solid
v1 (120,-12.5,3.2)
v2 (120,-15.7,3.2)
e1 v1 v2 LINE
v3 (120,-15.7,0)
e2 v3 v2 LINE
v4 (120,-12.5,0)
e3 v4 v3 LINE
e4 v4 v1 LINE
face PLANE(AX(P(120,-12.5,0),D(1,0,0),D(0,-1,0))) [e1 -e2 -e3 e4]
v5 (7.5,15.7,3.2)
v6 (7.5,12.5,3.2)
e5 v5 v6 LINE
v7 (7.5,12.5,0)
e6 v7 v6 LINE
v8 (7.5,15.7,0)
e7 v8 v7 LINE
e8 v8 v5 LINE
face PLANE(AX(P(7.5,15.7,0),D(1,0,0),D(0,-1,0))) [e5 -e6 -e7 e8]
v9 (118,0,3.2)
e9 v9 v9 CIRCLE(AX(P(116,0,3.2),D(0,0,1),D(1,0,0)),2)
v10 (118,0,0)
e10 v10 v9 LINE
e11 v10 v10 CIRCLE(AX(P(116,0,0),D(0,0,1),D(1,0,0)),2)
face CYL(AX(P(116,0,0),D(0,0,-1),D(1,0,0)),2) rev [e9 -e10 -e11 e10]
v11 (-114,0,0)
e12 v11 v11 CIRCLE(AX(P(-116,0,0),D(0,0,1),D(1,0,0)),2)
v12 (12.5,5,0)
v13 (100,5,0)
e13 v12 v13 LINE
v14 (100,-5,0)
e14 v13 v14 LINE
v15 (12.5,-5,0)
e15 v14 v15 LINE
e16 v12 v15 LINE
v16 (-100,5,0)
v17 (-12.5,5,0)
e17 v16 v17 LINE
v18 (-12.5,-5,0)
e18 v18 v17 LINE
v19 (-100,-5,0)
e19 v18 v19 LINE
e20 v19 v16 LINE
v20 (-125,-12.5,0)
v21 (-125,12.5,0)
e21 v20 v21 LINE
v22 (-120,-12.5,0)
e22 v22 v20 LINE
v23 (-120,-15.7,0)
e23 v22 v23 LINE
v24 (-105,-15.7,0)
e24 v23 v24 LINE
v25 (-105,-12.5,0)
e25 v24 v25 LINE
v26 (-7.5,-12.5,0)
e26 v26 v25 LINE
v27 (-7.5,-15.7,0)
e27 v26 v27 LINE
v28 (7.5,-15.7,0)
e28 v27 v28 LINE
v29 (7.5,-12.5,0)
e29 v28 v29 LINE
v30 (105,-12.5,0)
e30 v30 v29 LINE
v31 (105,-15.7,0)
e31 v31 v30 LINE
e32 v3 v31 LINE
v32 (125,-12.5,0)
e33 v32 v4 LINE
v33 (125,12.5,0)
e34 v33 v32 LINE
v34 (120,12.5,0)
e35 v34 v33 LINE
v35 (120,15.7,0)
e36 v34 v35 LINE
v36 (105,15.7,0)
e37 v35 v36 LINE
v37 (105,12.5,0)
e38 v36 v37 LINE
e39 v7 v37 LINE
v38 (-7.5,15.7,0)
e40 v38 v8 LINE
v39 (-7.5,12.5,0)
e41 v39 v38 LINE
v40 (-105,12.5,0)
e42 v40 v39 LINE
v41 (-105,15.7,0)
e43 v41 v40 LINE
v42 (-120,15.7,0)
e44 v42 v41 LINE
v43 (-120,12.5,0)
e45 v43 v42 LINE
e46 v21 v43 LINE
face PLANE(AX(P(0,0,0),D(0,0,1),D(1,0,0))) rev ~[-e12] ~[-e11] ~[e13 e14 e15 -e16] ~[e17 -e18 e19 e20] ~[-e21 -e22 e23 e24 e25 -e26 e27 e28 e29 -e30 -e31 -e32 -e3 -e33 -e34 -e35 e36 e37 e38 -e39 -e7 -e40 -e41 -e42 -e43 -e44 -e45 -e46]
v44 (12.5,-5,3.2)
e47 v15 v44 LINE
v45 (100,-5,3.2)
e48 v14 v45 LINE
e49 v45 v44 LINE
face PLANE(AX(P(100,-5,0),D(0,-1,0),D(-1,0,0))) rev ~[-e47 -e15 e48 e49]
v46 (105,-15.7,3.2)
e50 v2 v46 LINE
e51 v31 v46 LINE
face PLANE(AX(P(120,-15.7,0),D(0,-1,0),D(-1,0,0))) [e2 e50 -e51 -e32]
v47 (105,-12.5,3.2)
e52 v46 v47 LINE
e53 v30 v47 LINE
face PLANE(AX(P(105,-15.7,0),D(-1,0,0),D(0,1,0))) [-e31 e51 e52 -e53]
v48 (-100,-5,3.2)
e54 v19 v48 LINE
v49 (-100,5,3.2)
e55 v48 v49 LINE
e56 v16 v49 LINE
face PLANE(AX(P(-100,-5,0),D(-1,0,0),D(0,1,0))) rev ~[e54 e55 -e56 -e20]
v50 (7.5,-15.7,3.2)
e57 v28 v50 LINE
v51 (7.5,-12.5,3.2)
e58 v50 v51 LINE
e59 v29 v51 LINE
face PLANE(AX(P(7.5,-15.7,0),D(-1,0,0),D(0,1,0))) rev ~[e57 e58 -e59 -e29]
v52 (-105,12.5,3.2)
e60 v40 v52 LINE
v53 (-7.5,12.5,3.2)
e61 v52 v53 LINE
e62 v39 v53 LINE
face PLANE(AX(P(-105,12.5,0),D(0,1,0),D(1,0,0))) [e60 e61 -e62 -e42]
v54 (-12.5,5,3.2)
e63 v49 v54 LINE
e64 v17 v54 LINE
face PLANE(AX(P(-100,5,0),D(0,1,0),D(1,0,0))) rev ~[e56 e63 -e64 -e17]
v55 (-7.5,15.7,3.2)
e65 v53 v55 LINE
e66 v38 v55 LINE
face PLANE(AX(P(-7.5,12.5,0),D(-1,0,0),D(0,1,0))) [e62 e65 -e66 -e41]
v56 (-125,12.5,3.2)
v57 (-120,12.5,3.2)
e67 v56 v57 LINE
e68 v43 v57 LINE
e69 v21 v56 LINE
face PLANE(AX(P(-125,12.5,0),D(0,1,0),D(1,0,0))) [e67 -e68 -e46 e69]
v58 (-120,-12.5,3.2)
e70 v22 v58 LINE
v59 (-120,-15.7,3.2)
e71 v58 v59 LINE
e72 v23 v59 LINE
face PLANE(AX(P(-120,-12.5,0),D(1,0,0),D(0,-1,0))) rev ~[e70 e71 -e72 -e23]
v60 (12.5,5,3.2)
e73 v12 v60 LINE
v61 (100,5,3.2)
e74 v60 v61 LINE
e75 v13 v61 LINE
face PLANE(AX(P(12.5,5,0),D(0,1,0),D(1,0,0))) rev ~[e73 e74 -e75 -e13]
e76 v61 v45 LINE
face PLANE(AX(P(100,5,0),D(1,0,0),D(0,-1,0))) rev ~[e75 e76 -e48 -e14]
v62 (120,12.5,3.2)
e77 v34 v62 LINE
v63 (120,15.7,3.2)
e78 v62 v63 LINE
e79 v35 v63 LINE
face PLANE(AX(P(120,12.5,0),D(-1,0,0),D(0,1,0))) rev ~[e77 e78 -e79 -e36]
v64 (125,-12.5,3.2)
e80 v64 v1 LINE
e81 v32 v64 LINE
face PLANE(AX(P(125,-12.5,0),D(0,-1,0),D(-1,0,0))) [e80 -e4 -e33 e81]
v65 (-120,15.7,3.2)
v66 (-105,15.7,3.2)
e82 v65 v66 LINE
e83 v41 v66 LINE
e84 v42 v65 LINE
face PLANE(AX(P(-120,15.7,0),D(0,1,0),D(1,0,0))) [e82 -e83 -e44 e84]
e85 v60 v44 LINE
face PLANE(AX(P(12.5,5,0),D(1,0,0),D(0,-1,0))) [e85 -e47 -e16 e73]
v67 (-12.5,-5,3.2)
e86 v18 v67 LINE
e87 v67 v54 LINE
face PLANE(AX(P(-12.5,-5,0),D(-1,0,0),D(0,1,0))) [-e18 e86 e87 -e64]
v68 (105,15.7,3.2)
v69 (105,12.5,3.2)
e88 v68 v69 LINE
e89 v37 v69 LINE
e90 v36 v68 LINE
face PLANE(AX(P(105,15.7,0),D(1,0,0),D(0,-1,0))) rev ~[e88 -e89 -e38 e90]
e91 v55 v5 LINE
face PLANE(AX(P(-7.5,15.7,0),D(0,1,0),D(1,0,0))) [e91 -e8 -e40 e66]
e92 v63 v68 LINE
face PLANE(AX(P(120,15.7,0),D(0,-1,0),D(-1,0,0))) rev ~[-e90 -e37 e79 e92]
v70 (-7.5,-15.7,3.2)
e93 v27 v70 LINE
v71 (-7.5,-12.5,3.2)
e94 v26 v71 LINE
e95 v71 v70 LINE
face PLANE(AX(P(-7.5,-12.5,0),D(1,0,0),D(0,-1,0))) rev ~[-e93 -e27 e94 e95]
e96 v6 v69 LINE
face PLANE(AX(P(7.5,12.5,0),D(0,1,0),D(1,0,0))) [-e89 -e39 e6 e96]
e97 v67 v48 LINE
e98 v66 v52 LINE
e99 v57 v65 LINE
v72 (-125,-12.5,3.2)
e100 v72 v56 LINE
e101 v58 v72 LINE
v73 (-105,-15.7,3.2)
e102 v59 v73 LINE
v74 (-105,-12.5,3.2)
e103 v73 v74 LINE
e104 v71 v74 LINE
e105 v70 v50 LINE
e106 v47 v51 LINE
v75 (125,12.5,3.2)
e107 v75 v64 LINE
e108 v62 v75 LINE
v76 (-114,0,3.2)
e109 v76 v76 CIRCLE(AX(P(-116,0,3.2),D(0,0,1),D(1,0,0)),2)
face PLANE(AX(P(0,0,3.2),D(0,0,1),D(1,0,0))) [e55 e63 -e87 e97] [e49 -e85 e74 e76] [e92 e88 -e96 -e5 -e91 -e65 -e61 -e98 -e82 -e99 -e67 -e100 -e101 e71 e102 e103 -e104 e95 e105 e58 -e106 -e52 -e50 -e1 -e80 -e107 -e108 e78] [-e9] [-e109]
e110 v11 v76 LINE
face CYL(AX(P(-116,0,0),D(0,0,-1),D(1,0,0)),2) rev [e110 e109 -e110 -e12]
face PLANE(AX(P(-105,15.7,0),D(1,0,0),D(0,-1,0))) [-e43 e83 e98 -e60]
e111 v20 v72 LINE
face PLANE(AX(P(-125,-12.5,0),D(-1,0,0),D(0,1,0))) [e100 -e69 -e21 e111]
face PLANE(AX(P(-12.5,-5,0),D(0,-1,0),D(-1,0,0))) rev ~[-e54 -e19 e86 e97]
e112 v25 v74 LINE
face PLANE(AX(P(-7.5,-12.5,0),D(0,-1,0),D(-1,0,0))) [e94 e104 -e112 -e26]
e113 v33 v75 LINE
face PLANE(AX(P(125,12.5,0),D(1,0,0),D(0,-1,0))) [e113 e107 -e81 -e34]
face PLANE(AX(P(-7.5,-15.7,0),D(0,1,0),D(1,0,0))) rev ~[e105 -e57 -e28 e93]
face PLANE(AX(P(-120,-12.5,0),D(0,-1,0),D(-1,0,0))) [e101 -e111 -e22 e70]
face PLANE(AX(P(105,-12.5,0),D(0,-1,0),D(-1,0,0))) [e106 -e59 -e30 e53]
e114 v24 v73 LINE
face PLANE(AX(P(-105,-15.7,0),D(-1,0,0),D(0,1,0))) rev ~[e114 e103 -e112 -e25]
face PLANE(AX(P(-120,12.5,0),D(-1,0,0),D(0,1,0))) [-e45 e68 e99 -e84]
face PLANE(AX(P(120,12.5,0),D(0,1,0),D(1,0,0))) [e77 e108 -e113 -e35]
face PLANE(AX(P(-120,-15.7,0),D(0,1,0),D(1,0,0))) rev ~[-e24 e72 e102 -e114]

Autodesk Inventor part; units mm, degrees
ref_plane "YZ Plane" through (0, 0, 0) normal (1, 0, 0) x (0, 1, 0)
ref_plane "XZ Plane" through (0, 0, 0) normal (0, 1, 0) x (-1, 0, 0)
ref_plane "XY Plane" through (0, 0, 0) normal (0, 0, 1) x (1, 0, 0)
sketch "Sketch1" plane through (0, 0, 0) normal (0, 0, 1) x (1, 0, 0)
  line L0 (-125, 12.5) -> (125, 12.5)
  line L1 (125, 12.5) -> (125, -12.5)
  line L2 (125, -12.5) -> (-125, -12.5)
  line L3 (-125, -12.5) -> (-125, 12.5)
  line L4 (-125, 12.5) -> (125, -12.5) construction
  line L5 (125, 12.5) -> (-125, -12.5) construction
  line L6 (100, -5) -> (-100, -5)
  line L7 (-100, -5) -> (-100, 5)
  line L8 (-100, 5) -> (100, 5)
  line L9 (100, 5) -> (100, -5)
  line L10 (100, -5) -> (-100, 5) construction
  line L11 (-100, -5) -> (100, 5) construction
  line L12 (-120, 12.5) -> (-120, 15.7)
  line L13 (-120, 15.7) -> (-105, 15.7)
  line L14 (-105, 15.7) -> (-105, 12.5)
  line L15 (-7.5, 12.5) -> (-7.5, 15.7)
  line L16 (-7.5, 15.7) -> (7.5, 15.7)
  line L17 (7.5, 15.7) -> (7.5, 12.5)
  line L18 (0, 0) -> (0, 12.5) construction
  line L19 (0, 0) -> (31.571, 0) construction
  line L20 (120, 12.5) -> (120, 15.7)
  line L21 (120, 15.7) -> (105, 15.7)
  line L22 (105, 15.7) -> (105, 12.5)
  line L23 (-120, -12.5) -> (-120, -15.7)
  line L24 (-120, -15.7) -> (-105, -15.7)
  line L25 (-105, -15.7) -> (-105, -12.5)
  line L26 (-7.5, -12.5) -> (-7.5, -15.7)
  line L27 (-7.5, -15.7) -> (7.5, -15.7)
  line L28 (7.5, -15.7) -> (7.5, -12.5)
  line L29 (120, -12.5) -> (120, -15.7)
  line L30 (120, -15.7) -> (105, -15.7)
  line L31 (105, -15.7) -> (105, -12.5)
  circle A0 centre (-116, 0) radius 2 projected
  circle A1 centre (-116, 0) radius 2
  circle A2 centre (116, 0) radius 2
  line L32 (-12.5, 5) -> (12.5, 5)
  line L33 (12.5, 5) -> (12.5, -5)
  line L34 (12.5, -5) -> (-12.5, -5)
  line L35 (-12.5, -5) -> (-12.5, 5)
  line L36 (-12.5, 5) -> (12.5, -5) construction
  line L37 (12.5, 5) -> (-12.5, -5) construction
  dimension "d0" = 250
  dimension "d1" = 25
  dimension "d6" = 200
  dimension "d7" = 10
  dimension "d10" = 3.2
  dimension "d11" = 15
  dimension "d12" = 5
  dimension "d13" = 3.2
  dimension "d14" = 15
  dimension "d15" = 7.5
  dimension "d18" = 25
  dimension "d19" = 10
extrude "Extrusion4" add sketch "Sketch1" along normal blind 3.2 contours L0 L1 L2 L3 | L12 L13 L14 L0 | L2 L25 L24 L23 | L15 L16 L17 L0 | L2 L28 L27 L26 | L22 L21 L20 L0 | L2 L29 L30 L31 | L6 L35 L8 L33
properties part number "Base_Carril"
